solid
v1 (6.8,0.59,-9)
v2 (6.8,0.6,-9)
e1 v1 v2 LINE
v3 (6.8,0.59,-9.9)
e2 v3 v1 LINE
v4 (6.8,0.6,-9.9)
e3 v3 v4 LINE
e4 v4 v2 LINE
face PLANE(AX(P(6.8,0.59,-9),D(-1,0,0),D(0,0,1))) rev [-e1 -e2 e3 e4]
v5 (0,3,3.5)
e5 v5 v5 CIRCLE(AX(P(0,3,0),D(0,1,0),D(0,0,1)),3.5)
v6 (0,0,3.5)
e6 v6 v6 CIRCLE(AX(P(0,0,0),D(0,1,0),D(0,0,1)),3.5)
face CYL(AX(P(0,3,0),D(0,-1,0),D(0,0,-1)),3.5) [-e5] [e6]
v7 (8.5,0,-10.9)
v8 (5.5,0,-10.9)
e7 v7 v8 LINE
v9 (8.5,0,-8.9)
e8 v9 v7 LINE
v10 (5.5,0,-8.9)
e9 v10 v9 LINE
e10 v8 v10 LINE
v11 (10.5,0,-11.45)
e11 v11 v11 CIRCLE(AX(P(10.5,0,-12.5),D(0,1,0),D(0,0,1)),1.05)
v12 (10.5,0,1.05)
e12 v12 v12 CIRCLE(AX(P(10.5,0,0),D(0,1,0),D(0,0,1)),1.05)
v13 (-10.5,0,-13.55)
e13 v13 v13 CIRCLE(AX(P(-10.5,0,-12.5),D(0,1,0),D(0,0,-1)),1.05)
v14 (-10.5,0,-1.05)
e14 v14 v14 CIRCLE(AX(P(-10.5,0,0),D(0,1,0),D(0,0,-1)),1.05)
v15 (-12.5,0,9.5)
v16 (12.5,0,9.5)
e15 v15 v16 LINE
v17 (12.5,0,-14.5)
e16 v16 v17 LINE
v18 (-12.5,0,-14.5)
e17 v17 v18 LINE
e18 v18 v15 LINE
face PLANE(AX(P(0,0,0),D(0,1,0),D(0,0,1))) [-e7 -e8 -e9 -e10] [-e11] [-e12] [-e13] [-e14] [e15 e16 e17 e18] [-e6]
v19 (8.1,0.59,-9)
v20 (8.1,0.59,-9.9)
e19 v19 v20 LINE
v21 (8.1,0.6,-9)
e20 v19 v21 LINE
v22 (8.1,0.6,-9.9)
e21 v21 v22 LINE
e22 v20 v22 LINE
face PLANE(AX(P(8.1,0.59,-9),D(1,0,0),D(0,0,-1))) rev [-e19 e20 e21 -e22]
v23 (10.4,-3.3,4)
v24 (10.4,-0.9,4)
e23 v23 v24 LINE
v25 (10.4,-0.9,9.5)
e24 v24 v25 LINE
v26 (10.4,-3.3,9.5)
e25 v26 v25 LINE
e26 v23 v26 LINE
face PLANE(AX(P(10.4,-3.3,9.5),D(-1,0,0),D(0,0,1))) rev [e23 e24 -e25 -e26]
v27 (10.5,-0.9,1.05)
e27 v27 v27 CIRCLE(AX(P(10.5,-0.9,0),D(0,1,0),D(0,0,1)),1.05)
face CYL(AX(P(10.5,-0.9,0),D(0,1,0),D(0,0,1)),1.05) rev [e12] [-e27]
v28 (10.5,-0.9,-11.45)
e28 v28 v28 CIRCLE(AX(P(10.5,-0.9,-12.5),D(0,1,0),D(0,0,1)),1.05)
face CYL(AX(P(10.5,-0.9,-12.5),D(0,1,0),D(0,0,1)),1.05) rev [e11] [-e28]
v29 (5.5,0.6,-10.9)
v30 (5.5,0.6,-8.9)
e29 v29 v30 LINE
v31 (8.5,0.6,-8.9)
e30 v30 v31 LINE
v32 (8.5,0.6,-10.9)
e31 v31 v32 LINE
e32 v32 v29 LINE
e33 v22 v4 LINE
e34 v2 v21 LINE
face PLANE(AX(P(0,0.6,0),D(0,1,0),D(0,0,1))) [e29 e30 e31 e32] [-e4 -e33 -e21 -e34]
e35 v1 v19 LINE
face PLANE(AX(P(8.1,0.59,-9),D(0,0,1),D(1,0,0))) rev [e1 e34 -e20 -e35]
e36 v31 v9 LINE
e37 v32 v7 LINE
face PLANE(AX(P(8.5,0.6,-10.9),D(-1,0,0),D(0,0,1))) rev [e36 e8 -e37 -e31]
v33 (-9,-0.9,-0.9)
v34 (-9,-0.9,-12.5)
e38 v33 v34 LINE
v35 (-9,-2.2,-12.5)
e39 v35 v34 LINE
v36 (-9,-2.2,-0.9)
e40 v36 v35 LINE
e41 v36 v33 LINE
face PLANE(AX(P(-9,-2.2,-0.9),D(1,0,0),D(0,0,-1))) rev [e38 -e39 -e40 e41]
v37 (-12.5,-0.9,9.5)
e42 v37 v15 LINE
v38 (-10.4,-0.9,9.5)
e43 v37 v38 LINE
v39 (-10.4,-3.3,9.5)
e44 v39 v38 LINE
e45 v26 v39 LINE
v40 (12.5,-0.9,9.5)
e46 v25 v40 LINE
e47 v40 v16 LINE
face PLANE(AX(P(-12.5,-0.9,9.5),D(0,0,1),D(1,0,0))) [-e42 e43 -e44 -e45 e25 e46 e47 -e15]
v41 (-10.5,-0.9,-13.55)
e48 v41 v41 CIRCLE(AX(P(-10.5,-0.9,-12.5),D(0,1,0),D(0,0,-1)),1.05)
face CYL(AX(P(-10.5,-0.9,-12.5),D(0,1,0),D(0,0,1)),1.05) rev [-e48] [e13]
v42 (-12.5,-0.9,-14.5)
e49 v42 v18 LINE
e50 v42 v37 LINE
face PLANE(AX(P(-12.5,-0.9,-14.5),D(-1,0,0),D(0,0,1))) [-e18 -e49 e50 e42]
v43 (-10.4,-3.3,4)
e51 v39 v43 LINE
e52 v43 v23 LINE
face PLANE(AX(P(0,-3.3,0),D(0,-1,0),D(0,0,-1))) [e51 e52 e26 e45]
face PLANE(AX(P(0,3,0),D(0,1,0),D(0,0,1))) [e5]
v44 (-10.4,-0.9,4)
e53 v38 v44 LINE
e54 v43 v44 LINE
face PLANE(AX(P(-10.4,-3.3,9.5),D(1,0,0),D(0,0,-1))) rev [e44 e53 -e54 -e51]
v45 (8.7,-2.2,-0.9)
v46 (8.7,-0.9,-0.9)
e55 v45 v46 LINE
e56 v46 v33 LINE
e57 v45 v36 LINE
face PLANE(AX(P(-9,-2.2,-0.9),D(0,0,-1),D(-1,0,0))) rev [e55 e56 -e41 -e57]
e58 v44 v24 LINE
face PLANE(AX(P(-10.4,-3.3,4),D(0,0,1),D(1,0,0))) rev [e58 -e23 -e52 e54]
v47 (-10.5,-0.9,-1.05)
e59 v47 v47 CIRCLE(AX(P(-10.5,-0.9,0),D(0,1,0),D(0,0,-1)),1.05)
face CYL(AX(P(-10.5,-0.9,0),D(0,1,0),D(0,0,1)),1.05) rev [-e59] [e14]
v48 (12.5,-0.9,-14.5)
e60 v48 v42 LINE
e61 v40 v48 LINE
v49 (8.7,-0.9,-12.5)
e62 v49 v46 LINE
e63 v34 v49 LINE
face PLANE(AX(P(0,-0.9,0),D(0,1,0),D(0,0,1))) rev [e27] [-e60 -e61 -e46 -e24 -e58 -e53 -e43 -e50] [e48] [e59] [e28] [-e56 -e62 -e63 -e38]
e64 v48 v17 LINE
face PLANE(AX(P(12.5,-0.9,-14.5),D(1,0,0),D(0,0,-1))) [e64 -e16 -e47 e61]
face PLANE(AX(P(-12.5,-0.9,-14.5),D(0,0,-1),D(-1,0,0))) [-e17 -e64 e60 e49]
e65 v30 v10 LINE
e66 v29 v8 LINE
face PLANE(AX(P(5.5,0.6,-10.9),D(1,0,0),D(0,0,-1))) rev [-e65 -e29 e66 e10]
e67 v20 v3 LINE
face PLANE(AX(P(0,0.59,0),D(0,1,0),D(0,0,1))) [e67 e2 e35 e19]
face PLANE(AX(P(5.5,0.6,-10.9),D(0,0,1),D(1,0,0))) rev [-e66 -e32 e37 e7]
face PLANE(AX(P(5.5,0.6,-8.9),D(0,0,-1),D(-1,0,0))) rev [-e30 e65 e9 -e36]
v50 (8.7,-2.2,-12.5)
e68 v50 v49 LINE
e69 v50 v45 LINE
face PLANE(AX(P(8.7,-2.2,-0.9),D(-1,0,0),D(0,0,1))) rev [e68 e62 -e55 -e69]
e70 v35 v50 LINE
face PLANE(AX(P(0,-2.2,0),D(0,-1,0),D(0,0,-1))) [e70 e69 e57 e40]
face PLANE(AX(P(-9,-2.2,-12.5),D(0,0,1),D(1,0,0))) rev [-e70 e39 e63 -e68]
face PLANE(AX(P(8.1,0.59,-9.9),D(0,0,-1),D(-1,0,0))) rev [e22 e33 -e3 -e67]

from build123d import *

# Parameters (mm, degrees)
SKIZZE1_W                                 = 25
SKIZZE1_H                                 = 24
PCB_DEPTH                                 = 0.9
SKIZZE2_R                                 = 1.05
MOUNTING_HOLES_DEPTH                      = 20.165333287
SKIZZE3_W                                 = 20.8
SKIZZE3_H                                 = 5.5
CONNECTOR_CLOSED_DEPTH                    = 2.4
SKIZZE4_W                                 = 17.7
SKIZZE4_H                                 = 11.6
COMPONENTS_WORST_CASE_BOUNDARY_BOX_DEPTH  = 1.3
SKIZZE7_W                                 = 3
SKIZZE7_H                                 = 2
COMPONENTS_WORST_CASE_BOUNDARY_BOX2_DEPTH = 0.6
SKIZZE8_W                                 = 1.3
SKIZZE8_H                                 = 0.9
STATUS_LED_DEPTH                          = 0.01
ESBO_O1_R                                 = 3.5
RESSALTO_EXTRUS_O2_DEPTH                  = 3


with BuildPart() as part:
    # Skizze1 → PCB (new body)
    with BuildSketch(Plane(origin=(0, 0, 0), x_dir=(1, 0, 0), z_dir=(0, 1, 0))):
        with Locations((0, 2.5)):
            Rectangle(SKIZZE1_W, SKIZZE1_H)
    extrude(amount=-PCB_DEPTH)

    # Skizze2 → Mounting_Holes (cut, through all)
    with BuildSketch(Plane(origin=(0, 0, 0), x_dir=(1, 0, 0), z_dir=(0, 1, 0))):
        with Locations(Location((10.5, 12.5, 0), (0, 0, 270))):
            Circle(SKIZZE2_R)
        with Locations(Location((10.5, 0, 0), (0, 0, 270))):
            Circle(SKIZZE2_R)
        with Locations(Location((-10.5, 0, 0), (0, 0, 90))):
            Circle(SKIZZE2_R)
        with Locations(Location((-10.5, 12.5, 0), (0, 0, 90))):
            Circle(SKIZZE2_R)
    extrude(amount=-MOUNTING_HOLES_DEPTH, mode=Mode.SUBTRACT)

    # Skizze3 → Connector_closed (add)
    with BuildSketch(Plane.XZ.offset(0.9)):
        with Locations((0, 6.75)):
            Rectangle(SKIZZE3_W, SKIZZE3_H)
    extrude(amount=CONNECTOR_CLOSED_DEPTH)

    # Skizze4 → Components_worst-case_Boundary-Box (add)
    with BuildSketch(Plane.XZ.offset(0.9)):
        with Locations((-0.15, -6.7)):
            Rectangle(SKIZZE4_W, SKIZZE4_H)
    extrude(amount=COMPONENTS_WORST_CASE_BOUNDARY_BOX_DEPTH)

    # Skizze7 → Components_worst-case_Boundary-Box2 (add)
    with BuildSketch(Plane(origin=(0, 0, 0), x_dir=(1, 0, 0), z_dir=(0, 1, 0))):
        with Locations((7, 9.9)):
            Rectangle(SKIZZE7_W, SKIZZE7_H)
    extrude(amount=COMPONENTS_WORST_CASE_BOUNDARY_BOX2_DEPTH)

    # Skizze8 → Status_LED (cut)
    with BuildSketch(Plane(origin=(0, 0.6, 0), x_dir=(1, 0, 0), z_dir=(0, 1, 0))):
        with Locations((7.45, 9.45)):
            Rectangle(SKIZZE8_W, SKIZZE8_H)
    extrude(amount=-STATUS_LED_DEPTH, mode=Mode.SUBTRACT)

    # Esboço1 → Ressalto-extrusão2 (add)
    with BuildSketch(Plane(origin=(0, 0, 0), x_dir=(1, 0, 0), z_dir=(0, 1, 0))):
        with Locations(Location((0, 0, 0), (0, 0, 270))):
            Circle(ESBO_O1_R)
    extrude(amount=RESSALTO_EXTRUS_O2_DEPTH)


solid = part.part
